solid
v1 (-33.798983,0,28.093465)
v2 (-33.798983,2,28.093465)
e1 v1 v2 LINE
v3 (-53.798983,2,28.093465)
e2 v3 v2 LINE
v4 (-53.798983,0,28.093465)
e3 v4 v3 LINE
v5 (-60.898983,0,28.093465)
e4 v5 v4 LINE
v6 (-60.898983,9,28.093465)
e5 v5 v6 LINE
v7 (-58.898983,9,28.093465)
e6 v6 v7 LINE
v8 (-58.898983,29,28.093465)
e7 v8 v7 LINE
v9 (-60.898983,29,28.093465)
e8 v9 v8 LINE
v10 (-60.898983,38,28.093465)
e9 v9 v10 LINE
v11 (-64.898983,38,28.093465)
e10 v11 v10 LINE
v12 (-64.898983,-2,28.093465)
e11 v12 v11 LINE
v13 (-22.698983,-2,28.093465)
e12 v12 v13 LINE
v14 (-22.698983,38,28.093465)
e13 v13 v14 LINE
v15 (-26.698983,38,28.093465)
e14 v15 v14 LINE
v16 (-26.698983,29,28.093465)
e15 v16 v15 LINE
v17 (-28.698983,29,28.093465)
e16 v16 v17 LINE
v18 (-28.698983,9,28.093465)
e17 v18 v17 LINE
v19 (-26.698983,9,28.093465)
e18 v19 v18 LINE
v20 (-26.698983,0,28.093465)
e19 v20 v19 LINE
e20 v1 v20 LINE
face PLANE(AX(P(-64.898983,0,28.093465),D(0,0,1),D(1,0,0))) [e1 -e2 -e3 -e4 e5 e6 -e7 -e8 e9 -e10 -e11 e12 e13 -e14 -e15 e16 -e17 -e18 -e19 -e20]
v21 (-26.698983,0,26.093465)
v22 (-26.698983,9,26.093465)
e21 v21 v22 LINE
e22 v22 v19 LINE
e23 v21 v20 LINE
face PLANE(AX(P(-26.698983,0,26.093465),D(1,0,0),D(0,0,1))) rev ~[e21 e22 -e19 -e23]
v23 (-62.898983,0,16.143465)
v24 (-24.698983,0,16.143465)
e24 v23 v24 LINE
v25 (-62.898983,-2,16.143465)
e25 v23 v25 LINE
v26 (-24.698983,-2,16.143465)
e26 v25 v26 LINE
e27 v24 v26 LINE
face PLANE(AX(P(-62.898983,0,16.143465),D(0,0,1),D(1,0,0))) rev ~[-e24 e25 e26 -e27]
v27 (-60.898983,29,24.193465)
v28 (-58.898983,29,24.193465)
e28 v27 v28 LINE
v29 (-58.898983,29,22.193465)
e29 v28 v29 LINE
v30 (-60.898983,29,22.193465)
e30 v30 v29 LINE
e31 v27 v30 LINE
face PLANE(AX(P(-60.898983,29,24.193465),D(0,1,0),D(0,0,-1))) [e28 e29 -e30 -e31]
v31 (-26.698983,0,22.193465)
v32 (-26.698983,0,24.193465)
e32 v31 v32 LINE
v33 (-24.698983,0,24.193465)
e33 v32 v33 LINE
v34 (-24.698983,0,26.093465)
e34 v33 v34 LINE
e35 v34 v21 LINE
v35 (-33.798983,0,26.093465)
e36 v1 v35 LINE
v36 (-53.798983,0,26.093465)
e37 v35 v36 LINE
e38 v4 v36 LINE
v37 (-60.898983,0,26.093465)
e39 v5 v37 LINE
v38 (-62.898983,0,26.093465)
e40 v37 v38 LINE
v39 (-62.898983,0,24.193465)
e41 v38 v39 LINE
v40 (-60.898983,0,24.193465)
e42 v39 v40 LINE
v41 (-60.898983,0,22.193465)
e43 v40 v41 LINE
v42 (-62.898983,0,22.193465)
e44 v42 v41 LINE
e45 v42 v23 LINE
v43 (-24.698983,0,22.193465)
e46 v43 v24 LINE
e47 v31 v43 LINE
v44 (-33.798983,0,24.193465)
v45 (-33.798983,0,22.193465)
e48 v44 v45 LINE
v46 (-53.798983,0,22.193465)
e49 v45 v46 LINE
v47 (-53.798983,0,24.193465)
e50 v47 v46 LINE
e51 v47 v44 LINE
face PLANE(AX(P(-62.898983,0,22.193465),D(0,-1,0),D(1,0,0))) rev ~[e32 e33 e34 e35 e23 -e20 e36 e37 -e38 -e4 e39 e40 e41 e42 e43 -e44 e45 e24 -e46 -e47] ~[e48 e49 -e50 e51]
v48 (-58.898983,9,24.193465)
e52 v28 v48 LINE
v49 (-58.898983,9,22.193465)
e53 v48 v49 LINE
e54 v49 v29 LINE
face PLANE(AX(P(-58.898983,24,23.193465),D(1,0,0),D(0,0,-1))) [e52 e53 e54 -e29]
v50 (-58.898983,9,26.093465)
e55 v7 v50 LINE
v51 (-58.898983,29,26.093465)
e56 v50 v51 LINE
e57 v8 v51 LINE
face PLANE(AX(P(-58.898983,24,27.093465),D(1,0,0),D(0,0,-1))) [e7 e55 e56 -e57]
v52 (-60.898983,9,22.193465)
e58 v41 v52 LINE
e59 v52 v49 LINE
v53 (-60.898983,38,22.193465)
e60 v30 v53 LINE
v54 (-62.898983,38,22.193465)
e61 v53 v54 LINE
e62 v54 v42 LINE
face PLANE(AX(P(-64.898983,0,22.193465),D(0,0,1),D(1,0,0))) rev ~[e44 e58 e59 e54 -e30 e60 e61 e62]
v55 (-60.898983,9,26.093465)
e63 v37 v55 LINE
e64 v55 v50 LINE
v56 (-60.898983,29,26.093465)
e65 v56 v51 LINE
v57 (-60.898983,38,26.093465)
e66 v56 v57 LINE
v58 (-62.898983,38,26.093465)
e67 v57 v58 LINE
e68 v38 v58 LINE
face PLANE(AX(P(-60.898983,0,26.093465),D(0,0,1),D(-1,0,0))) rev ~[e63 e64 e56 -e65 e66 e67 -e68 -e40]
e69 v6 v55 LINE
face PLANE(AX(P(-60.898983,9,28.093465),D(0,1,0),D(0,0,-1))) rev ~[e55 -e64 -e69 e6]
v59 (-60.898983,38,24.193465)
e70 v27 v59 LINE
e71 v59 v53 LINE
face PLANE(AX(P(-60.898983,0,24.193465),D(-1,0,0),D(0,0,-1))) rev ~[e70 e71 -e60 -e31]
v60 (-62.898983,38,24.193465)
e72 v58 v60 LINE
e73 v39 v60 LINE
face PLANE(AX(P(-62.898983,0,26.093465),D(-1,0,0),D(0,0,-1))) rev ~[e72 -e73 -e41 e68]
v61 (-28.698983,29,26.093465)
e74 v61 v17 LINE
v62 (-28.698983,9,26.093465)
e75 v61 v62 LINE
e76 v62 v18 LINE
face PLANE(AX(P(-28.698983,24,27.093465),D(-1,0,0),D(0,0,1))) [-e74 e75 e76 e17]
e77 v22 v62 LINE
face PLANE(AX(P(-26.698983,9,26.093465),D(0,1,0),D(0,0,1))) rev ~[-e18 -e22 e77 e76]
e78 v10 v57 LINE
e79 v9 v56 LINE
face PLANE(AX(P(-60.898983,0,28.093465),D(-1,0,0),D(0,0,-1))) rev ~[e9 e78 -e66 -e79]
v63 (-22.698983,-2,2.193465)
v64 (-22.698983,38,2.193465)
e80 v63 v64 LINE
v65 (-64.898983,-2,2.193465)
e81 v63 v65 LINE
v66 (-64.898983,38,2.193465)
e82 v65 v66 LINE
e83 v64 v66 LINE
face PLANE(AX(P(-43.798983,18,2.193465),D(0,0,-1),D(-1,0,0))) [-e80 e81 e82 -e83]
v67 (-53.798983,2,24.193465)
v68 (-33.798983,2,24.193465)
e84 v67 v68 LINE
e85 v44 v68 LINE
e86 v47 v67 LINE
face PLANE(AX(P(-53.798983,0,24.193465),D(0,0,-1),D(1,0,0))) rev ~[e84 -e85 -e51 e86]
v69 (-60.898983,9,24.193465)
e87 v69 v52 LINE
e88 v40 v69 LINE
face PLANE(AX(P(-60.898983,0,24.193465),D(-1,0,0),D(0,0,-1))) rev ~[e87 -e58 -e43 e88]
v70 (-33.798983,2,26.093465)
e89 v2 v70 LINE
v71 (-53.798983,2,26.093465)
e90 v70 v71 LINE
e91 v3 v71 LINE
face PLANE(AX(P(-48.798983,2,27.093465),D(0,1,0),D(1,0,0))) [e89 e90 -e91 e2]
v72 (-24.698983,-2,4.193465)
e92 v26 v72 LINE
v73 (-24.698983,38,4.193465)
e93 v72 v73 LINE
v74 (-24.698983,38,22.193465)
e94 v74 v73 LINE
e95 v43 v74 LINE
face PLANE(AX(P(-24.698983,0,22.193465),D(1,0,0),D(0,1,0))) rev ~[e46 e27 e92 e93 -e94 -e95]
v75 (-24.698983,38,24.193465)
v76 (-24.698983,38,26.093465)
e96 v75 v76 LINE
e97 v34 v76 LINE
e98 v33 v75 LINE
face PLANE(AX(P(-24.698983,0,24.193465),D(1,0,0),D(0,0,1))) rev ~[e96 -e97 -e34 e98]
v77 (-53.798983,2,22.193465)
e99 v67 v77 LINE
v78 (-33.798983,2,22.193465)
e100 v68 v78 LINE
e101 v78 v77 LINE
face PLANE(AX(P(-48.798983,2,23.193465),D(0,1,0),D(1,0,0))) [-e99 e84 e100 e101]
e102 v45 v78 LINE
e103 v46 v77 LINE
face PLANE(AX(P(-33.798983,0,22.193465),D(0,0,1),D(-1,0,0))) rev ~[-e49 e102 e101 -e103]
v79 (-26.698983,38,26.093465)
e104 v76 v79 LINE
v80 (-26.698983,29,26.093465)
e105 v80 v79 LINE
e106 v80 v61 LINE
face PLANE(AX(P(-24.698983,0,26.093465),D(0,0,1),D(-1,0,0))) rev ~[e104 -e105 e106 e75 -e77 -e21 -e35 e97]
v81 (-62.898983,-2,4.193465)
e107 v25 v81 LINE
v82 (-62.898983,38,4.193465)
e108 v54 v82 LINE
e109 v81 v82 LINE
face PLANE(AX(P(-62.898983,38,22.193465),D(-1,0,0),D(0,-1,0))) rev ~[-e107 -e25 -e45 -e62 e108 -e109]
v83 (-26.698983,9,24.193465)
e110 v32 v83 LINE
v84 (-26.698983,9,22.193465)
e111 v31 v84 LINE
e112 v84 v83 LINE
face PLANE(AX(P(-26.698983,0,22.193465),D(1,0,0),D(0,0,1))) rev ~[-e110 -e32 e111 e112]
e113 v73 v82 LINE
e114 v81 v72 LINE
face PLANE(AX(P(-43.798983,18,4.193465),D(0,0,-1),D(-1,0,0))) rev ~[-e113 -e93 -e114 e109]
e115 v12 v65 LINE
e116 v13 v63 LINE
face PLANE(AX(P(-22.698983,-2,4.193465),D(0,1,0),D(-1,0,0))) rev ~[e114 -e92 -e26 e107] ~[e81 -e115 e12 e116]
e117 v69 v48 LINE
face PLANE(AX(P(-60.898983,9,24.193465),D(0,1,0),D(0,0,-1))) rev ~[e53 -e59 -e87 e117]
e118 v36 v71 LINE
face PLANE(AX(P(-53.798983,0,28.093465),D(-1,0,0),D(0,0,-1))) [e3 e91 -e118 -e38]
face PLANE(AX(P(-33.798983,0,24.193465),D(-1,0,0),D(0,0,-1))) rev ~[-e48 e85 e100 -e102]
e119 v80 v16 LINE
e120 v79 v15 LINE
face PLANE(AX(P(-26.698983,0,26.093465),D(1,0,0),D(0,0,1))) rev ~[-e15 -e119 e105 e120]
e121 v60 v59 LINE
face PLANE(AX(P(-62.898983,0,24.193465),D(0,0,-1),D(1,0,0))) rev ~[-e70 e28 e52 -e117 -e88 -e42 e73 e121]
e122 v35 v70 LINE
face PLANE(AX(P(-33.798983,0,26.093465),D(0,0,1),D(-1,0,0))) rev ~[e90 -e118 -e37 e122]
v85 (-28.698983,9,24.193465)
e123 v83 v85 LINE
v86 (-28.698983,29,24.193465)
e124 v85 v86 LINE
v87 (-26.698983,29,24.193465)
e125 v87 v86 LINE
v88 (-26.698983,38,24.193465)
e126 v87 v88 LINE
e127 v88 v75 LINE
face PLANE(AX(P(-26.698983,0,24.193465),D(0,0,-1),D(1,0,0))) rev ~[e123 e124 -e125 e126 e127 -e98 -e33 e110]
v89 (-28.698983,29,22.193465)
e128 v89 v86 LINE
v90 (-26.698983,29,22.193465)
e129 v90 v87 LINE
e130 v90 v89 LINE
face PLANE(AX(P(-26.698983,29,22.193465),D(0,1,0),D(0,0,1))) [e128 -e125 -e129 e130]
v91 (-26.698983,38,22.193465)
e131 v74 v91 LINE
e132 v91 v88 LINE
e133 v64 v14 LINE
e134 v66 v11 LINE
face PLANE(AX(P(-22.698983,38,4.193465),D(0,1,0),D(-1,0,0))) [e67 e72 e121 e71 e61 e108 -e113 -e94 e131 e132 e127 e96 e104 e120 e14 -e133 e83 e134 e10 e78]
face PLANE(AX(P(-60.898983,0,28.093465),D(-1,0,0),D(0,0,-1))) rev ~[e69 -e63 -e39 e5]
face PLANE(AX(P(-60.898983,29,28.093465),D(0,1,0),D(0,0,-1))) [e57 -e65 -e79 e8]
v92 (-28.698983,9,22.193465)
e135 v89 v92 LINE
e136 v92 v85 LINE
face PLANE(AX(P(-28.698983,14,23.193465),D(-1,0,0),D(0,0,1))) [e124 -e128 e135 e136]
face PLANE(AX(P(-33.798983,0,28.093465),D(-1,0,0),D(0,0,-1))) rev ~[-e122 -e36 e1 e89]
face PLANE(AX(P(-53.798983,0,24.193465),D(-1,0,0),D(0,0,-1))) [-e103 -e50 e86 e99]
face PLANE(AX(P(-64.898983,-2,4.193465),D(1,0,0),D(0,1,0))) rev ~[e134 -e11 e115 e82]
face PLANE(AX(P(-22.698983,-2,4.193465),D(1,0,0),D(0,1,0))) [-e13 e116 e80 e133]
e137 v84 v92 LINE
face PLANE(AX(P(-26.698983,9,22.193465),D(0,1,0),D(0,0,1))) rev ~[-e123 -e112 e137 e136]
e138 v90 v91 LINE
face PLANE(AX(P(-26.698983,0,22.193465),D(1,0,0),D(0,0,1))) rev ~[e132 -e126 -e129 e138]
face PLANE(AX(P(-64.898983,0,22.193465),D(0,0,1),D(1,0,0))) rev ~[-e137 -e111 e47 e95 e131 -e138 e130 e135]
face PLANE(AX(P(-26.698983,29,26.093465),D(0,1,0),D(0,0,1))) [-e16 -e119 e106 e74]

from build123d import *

# Parameters (mm, degrees)
BOSS_EXTRUDE1_DEPTH   = 38
BOSS_EXTRUDE1_2_DEPTH = 38
SKETCH2_W             = 42.2
SKETCH2_H             = 5.9
BOSS_EXTRUDE2_DEPTH   = 2
BOSS_EXTRUDE3_DEPTH   = 18
SKETCH4_W             = 42.2
SKETCH4_H             = 40
BOSS_EXTRUDE4_DEPTH   = 2
SKETCH5_W             = 38.2
SKETCH5_H             = 11.95
CUT_EXTRUDE1_DEPTH    = 81.281509747
SKETCH6_W             = 2
SKETCH6_H             = 10
BOSS_EXTRUDE5_DEPTH   = 2
SKETCH7_W             = 2
SKETCH7_H             = 10
BOSS_EXTRUDE6_DEPTH   = 2
SKETCH8_W             = 10
SKETCH8_H             = 2
BOSS_EXTRUDE7_DEPTH   = 2


with BuildPart() as part:
    # Sketch1 → Boss-Extrude1 (new body)
    with BuildSketch(Plane(origin=(0, 0, 0), x_dir=(1, 0, 0), z_dir=(0, 1, 0))):
        Polygon((-62.898983402, -26.09346473), (-62.898983402, -24.19346473), (-60.898983402, -24.19346473), (-60.898983402, -22.19346473), (-64.898983402, -22.19346473), (-64.898983402, -28.09346473), (-60.898983402, -28.09346473), (-60.898983402, -26.09346473), align=None)
    extrude(amount=BOSS_EXTRUDE1_DEPTH)



with BuildPart() as body_2:
    # Sketch1 → Boss-Extrude1 2 (new body)
    with BuildSketch(Plane(origin=(0, 0, 0), x_dir=(1, 0, 0), z_dir=(0, 1, 0))):
        Polygon((-26.698983402, -22.19346473), (-26.698983402, -24.19346473), (-24.698983402, -24.19346473), (-24.698983402, -26.09346473), (-26.698983402, -26.09346473), (-26.698983402, -28.09346473), (-22.698983402, -28.09346473), (-22.698983402, -22.19346473), align=None)
    extrude(amount=BOSS_EXTRUDE1_2_DEPTH)


with BuildPart() as part_1:
    add(part.part)

    add(body_2.part)  # Boss-Extrude2 merges body 2
    # Sketch2 → Boss-Extrude2 (add)
    with BuildSketch(Plane(origin=(0, 0, 0), x_dir=(1, 0, 0), z_dir=(0, 1, 0))):
        with Locations((-43.798983402, -25.14346473)):
            Rectangle(SKETCH2_W, SKETCH2_H)
    extrude(amount=-BOSS_EXTRUDE2_DEPTH)

    # Sketch3 → Boss-Extrude3 (add)
    with BuildSketch(Plane(origin=(0, 0, 22.19346473), x_dir=(-1, 0, 0), z_dir=(0, 0, -1))):
        Polygon((24.698983402, 38), (22.698983402, 38), (22.698983402, -2), (64.898983402, -2), (64.898983402, 38), (62.898983402, 38), (62.898983402, 0), (24.698983402, 0), align=None)
    extrude(amount=BOSS_EXTRUDE3_DEPTH)

    # Sketch4 → Boss-Extrude4 (add)
    with BuildSketch(Plane(origin=(0, 0, 4.19346473), x_dir=(-1, 0, 0), z_dir=(0, 0, -1))):
        with Locations((43.798983402, 18)):
            Rectangle(SKETCH4_W, SKETCH4_H)
    extrude(amount=BOSS_EXTRUDE4_DEPTH)

    # Sketch5 → Cut-Extrude1 (cut, through all)
    with BuildSketch(Plane(origin=(0, 0, 0), x_dir=(1, 0, 0), z_dir=(0, 1, 0))):
        with Locations((-43.798983402, -10.16846473)):
            Rectangle(SKETCH5_W, SKETCH5_H)
    extrude(amount=-CUT_EXTRUDE1_DEPTH, mode=Mode.SUBTRACT)

    # Sketch6 → Boss-Extrude5 (add)
    with BuildSketch(Plane(origin=(-60.898983402, 0, 0), x_dir=(0, 0, -1), z_dir=(1, 0, 0))):
        with Locations((-27.09346473, 24)):
            Rectangle(SKETCH6_W, SKETCH6_H)
        with Locations((-23.19346473, 24)):
            Rectangle(SKETCH6_W, SKETCH6_H)
        with Locations((-27.09346473, 14)):
            Rectangle(SKETCH6_W, SKETCH6_H)
        with Locations((-23.19346473, 14)):
            Rectangle(SKETCH6_W, SKETCH6_H)
    extrude(amount=BOSS_EXTRUDE5_DEPTH)

    # Sketch7 → Boss-Extrude6 (add)
    with BuildSketch(Plane.ZY.offset(26.698983402)):
        with Locations((27.09346473, 24)):
            Rectangle(SKETCH7_W, SKETCH7_H)
        with Locations((27.09346473, 14)):
            Rectangle(SKETCH7_W, SKETCH7_H)
        with Locations((23.19346473, 14)):
            Rectangle(SKETCH7_W, SKETCH7_H)
        with Locations((23.19346473, 24)):
            Rectangle(SKETCH7_W, SKETCH7_H)
    extrude(amount=BOSS_EXTRUDE6_DEPTH)

    # Sketch8 → Boss-Extrude7 (add)
    with BuildSketch(Plane(origin=(0, 0, 0), x_dir=(1, 0, 0), z_dir=(0, 1, 0))):
        with Locations((-48.798983402, -23.19346473)):
            Rectangle(SKETCH8_W, SKETCH8_H)
        with Locations((-38.798983402, -23.19346473)):
            Rectangle(SKETCH8_W, SKETCH8_H)
        with Locations((-48.798983402, -27.09346473)):
            Rectangle(SKETCH8_W, SKETCH8_H)
        with Locations((-38.798983402, -27.09346473)):
            Rectangle(SKETCH8_W, SKETCH8_H)
    extrude(amount=BOSS_EXTRUDE7_DEPTH)


solid = part_1.part
